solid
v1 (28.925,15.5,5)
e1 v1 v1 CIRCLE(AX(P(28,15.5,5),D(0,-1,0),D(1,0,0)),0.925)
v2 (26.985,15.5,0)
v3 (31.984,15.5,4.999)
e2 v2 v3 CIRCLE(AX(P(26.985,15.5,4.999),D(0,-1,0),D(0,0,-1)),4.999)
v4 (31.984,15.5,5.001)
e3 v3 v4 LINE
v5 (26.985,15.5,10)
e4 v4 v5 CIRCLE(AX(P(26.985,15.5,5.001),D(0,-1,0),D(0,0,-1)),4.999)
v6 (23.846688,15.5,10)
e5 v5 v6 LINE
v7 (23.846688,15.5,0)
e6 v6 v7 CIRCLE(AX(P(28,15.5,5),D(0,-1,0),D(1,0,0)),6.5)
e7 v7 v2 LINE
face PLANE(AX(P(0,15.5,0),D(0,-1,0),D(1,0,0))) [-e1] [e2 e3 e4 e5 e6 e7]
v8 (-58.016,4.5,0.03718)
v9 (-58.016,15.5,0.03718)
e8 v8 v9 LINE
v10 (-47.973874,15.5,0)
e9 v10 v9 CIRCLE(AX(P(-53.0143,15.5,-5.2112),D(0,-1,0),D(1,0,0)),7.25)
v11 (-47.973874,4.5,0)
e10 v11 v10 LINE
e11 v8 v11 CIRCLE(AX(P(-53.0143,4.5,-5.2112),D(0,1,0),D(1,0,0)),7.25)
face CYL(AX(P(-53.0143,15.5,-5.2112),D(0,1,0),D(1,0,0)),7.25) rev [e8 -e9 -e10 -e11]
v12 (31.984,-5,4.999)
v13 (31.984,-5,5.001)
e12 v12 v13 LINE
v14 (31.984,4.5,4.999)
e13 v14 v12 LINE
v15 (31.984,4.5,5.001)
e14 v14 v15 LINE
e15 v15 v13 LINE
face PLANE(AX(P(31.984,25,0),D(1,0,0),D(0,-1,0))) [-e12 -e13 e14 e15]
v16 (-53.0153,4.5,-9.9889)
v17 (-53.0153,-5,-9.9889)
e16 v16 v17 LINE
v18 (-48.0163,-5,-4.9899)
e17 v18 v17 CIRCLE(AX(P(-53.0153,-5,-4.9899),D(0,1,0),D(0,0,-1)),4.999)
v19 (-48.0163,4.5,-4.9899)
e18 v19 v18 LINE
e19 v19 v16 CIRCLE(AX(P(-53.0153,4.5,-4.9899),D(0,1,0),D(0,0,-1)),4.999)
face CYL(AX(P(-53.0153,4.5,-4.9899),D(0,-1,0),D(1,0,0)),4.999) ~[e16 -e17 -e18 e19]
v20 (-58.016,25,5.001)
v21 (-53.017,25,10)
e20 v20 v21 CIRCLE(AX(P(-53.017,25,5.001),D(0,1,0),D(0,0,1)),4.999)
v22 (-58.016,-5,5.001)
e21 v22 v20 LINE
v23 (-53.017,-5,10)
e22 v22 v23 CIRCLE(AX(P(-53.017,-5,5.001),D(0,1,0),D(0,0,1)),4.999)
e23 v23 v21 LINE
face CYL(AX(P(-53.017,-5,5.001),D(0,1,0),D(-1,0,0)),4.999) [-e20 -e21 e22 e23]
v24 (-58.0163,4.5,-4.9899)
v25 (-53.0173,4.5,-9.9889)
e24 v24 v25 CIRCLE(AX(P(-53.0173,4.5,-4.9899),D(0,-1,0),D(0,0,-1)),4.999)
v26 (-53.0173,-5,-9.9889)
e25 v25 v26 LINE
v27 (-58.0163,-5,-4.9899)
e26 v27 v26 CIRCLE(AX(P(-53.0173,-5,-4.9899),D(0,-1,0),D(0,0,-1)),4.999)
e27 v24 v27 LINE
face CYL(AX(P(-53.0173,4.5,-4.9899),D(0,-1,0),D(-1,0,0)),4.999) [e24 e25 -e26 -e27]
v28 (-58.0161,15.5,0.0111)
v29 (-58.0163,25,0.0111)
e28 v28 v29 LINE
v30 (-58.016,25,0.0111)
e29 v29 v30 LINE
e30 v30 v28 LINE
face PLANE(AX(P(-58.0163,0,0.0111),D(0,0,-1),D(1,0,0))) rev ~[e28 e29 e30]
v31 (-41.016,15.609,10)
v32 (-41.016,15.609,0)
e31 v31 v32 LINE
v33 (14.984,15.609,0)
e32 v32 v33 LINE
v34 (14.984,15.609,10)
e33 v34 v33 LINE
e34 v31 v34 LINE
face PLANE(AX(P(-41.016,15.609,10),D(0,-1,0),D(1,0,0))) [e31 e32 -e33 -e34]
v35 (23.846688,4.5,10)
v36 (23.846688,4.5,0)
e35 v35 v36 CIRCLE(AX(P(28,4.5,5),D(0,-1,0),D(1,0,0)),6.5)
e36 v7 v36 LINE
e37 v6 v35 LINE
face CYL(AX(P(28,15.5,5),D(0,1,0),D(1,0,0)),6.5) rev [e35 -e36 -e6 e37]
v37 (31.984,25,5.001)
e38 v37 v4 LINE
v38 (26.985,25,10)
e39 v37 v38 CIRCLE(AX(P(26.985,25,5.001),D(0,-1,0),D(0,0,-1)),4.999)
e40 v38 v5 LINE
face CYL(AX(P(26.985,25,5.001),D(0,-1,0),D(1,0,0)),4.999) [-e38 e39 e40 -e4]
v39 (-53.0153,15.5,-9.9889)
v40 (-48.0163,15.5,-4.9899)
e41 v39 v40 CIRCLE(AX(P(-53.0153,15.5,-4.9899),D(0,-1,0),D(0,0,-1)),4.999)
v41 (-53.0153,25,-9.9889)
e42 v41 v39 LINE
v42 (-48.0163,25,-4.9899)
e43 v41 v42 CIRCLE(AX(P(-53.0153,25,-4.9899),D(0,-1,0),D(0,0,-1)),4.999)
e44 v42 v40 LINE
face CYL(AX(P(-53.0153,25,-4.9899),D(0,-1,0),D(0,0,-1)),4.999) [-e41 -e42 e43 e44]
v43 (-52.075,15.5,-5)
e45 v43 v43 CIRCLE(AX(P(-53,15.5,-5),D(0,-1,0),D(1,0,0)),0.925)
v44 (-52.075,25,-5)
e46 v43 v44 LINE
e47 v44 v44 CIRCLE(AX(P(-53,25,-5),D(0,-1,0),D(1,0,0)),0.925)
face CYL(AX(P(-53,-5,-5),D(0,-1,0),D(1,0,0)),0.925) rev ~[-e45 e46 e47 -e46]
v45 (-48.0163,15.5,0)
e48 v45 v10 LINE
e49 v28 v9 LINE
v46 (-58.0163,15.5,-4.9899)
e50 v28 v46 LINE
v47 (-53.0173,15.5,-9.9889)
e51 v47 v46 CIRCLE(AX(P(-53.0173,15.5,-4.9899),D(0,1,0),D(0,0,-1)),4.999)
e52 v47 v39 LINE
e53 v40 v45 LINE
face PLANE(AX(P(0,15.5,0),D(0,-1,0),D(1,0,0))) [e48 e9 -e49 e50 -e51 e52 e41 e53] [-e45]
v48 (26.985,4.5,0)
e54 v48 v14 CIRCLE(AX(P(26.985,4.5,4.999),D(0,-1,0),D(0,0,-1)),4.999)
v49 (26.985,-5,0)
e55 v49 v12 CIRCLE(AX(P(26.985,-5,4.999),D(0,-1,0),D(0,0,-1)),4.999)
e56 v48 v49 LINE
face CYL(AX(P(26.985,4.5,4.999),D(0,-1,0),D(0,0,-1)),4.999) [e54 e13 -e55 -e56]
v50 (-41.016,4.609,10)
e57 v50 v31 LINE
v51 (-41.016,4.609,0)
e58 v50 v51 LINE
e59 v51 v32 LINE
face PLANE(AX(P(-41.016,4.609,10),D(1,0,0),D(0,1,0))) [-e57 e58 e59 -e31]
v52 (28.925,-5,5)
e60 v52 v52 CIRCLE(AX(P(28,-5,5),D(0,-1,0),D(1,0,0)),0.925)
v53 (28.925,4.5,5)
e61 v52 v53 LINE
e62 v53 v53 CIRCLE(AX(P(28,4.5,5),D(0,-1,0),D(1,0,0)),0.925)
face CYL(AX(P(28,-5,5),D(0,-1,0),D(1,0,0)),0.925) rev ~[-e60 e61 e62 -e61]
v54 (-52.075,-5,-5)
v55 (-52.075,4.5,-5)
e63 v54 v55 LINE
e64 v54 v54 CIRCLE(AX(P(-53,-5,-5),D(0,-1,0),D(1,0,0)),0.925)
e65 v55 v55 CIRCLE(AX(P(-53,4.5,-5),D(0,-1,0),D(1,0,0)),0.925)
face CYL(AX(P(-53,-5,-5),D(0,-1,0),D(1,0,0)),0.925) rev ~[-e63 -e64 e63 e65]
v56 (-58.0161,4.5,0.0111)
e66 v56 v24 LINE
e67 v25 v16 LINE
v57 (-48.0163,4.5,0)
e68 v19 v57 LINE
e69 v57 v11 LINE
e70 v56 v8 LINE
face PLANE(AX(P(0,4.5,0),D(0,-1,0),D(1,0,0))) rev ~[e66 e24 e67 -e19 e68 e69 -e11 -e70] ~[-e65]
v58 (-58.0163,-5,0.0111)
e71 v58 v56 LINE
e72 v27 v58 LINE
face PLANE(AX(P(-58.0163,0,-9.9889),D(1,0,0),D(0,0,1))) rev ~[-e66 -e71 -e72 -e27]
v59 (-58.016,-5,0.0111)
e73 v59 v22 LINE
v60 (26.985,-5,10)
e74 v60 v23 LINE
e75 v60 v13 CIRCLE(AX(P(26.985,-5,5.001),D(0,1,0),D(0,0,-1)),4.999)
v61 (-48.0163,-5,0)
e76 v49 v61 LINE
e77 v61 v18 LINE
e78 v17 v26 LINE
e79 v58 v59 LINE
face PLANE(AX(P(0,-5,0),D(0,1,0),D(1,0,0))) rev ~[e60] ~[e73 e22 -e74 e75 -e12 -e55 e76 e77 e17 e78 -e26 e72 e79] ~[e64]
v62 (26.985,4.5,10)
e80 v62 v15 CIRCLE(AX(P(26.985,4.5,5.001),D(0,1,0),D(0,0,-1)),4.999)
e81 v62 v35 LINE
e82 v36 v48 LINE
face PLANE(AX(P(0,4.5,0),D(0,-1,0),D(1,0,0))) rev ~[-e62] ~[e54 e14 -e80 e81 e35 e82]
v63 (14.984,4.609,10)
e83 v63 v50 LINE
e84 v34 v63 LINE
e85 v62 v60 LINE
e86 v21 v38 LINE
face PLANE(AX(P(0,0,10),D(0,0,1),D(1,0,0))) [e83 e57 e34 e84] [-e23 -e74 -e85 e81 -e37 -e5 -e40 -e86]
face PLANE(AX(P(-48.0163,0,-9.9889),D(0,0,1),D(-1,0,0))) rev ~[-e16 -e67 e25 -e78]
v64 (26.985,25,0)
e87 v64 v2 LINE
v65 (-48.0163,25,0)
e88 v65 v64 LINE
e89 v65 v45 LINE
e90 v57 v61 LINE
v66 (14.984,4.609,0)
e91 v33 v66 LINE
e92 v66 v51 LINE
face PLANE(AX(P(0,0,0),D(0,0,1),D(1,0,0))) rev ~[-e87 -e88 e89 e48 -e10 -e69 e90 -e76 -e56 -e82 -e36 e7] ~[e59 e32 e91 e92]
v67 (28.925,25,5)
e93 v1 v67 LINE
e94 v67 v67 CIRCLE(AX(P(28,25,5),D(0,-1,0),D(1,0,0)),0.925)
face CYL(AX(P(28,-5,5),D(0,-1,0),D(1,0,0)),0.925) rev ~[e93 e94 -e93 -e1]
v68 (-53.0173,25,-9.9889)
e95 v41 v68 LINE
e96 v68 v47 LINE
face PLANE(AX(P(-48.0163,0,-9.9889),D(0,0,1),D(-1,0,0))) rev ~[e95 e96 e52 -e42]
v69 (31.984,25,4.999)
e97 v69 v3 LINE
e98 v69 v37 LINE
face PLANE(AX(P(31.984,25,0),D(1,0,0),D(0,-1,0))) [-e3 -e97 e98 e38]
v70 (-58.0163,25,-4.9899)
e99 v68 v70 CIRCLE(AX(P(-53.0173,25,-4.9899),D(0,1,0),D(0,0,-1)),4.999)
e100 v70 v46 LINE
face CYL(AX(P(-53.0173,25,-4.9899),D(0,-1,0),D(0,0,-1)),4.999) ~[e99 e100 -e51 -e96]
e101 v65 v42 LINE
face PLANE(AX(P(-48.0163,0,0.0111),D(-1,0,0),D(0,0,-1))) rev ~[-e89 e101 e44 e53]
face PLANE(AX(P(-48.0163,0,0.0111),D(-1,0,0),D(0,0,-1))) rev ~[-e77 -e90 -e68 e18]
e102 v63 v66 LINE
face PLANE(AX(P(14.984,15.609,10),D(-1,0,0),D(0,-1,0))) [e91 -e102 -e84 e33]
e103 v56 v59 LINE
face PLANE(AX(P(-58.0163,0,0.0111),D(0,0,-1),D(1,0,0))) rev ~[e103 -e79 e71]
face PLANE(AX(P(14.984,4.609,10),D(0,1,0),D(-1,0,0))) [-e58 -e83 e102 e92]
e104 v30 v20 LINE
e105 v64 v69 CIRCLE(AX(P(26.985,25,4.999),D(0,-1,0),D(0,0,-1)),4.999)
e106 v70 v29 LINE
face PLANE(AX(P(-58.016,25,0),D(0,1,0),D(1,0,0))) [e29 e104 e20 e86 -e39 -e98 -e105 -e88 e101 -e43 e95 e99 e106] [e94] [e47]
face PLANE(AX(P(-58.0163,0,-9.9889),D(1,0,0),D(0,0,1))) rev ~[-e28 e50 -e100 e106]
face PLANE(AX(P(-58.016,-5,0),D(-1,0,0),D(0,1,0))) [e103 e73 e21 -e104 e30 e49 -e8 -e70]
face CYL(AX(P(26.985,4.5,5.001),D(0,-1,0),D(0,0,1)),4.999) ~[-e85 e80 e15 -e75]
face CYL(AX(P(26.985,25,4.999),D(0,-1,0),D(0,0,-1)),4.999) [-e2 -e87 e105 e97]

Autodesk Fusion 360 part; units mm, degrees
sketch "Esquisse1" plane through (0, 0, 0) normal (0, 0, 1) x (1, 0, 0)
  line L0 (-58.016, 25) -> (31.984, 25)
  line L1 (31.984, 25) -> (31.984, -5)
  line L2 (31.984, -5) -> (-58.016, -5)
  line L3 (-58.016, -5) -> (-58.016, 25)
  dimension "d1" = 90
  dimension "d2" = 30
extrude "Extrusion1" add sketch "Esquisse1" along normal blind 10
sketch "Esquisse11" plane through (0, 0, 0) normal (0, 1, 0) x (1, 0, 0)
  line L0 (-58.0163, -0.0111) -> (-48.0163, -0.0111)
  line L1 (-48.0163, -0.0111) -> (-48.0163, 9.9889)
  line L2 (-48.0163, 9.9889) -> (-58.0163, 9.9889)
  line L3 (-58.0163, 9.9889) -> (-58.0163, -0.0111)
  dimension "d56" = 10
  dimension "d57" = 10
extrude "Extrusion7" add sketch "Esquisse11" along normal blind 25 and the other way blind 5
sketch "Esquisse5" plane through (0, -5, 0) normal (0, -1, 0) x (1, 0, 0)
  line L0 (-48.0163, 0) -> (31.984, 0)
  line L1 (31.984, 0) -> (31.984, 10)
  line L2 (31.984, 10) -> (-58.016, 10)
  line L3 (-58.016, 10) -> (-58.016, 0.0111)
  circle A0 centre (28, 5) radius 6.5
  circle A1 centre (-53.0143, -5.2112) radius 7.25
  line L4 (-58.0163, 0.0111) -> (-58.0163, -9.9889)
  line L5 (-58.0163, -9.9889) -> (-48.0163, -9.9889)
  line L6 (-48.0163, -9.9889) -> (-48.0163, 0)
  line L7 (-58.016, 0.0111) -> (-58.0163, 0.0111)
  dimension "d11" = 13
  dimension "d46" = 14.5
sketch "Esquisse7" plane through (0, 0, 10) normal (0, 0, 1) x (-1, 0, 0)
  line L0 (-31.984, 5) -> (-31.984, -25)
  line L1 (-31.984, -25) -> (58.016, -25)
  line L2 (58.016, 5) -> (-31.984, 5)
  line L3 (41.016, -15.609) -> (-14.984, -15.609)
  line L4 (-14.984, -15.609) -> (-14.984, -4.609)
  line L5 (-14.984, -4.609) -> (41.016, -4.609)
  line L6 (41.016, -4.609) -> (41.016, -15.609)
  line L7 (58.016, -25) -> (58.016, 5)
  dimension "d47" = 11
  dimension "d48" = 56
  dimension "d49" = 17
extrude "Extrusion9" cut sketch "Esquisse5" along normal blind -9.5 and the other way blind 20.5 contours L0 L3 A1 L4 L5 L6 | L0 L3 A1 L4 L5 L6 | L0 L1 L2 A0 picked at (28.4893, 5)
extrude "Extrusion4" cut sketch "Esquisse7" along normal blind 0 and the other way blind 10 contours L3 L4 L5 L6
sketch "Esquisse8" plane through (0, -5, 0) normal (0, -1, 0) x (1, 0, 0)
  line L0 (-48.0163, 0) -> (31.984, 0)
  line L1 (31.984, 0) -> (31.984, 10)
  line L2 (31.984, 10) -> (-58.016, 10)
  line L3 (-58.016, 10) -> (-58.016, 0.0111)
  circle A0 centre (-53, -5) radius 0.925
  line L4 (-58.016, 0.0111) -> (-58.0163, 0.0111)
  line L5 (-58.0163, 0.0111) -> (-58.0163, -9.9889)
  line L6 (-58.0163, -9.9889) -> (-48.0163, -9.9889)
  line L7 (-48.0163, -9.9889) -> (-48.0163, 0)
  dimension "d23" = 1.85
extrude "Extrusion5" cut sketch "Esquisse8" along normal blind 0 and the other way blind 30 contours A0
sketch "Esquisse9" plane through (0, -5, 0) normal (0, -1, 0) x (1, 0, 0)
  circle A0 centre (-53, -5) radius 0.925
  line L0 (-48.0163, 0) -> (31.984, 0)
  line L1 (31.984, 0) -> (31.984, 10)
  line L2 (31.984, 10) -> (-58.016, 10)
  line L3 (-58.016, 10) -> (-58.016, 0.0111)
  circle A1 centre (28, 5) radius 0.925
  line L4 (-58.016, 0.0111) -> (-58.0163, 0.0111)
  line L5 (-58.0163, 0.0111) -> (-58.0163, -9.9889)
  line L6 (-58.0163, -9.9889) -> (-48.0163, -9.9889)
  line L7 (-48.0163, -9.9889) -> (-48.0163, 0)
  dimension "d28" = 1.85
extrude "Extrusion6" cut sketch "Esquisse9" along normal blind 0 and the other way blind 30 contours A1
fillet "Congé8" radius 5 4 edges at (-58.0163, 20.25, -9.9889) (-58.0163, -0.25, -9.9889) (-48.0163, -0.25, -9.9889) (-48.0163, 20.25, -9.9889)
fillet "Congé9" radius 5 5 edges at (-58.016, 10, 10) (31.984, 20.25, 0) (31.984, -0.25, 0) (31.984, -0.25, 10) (31.984, 20.25, 10)
